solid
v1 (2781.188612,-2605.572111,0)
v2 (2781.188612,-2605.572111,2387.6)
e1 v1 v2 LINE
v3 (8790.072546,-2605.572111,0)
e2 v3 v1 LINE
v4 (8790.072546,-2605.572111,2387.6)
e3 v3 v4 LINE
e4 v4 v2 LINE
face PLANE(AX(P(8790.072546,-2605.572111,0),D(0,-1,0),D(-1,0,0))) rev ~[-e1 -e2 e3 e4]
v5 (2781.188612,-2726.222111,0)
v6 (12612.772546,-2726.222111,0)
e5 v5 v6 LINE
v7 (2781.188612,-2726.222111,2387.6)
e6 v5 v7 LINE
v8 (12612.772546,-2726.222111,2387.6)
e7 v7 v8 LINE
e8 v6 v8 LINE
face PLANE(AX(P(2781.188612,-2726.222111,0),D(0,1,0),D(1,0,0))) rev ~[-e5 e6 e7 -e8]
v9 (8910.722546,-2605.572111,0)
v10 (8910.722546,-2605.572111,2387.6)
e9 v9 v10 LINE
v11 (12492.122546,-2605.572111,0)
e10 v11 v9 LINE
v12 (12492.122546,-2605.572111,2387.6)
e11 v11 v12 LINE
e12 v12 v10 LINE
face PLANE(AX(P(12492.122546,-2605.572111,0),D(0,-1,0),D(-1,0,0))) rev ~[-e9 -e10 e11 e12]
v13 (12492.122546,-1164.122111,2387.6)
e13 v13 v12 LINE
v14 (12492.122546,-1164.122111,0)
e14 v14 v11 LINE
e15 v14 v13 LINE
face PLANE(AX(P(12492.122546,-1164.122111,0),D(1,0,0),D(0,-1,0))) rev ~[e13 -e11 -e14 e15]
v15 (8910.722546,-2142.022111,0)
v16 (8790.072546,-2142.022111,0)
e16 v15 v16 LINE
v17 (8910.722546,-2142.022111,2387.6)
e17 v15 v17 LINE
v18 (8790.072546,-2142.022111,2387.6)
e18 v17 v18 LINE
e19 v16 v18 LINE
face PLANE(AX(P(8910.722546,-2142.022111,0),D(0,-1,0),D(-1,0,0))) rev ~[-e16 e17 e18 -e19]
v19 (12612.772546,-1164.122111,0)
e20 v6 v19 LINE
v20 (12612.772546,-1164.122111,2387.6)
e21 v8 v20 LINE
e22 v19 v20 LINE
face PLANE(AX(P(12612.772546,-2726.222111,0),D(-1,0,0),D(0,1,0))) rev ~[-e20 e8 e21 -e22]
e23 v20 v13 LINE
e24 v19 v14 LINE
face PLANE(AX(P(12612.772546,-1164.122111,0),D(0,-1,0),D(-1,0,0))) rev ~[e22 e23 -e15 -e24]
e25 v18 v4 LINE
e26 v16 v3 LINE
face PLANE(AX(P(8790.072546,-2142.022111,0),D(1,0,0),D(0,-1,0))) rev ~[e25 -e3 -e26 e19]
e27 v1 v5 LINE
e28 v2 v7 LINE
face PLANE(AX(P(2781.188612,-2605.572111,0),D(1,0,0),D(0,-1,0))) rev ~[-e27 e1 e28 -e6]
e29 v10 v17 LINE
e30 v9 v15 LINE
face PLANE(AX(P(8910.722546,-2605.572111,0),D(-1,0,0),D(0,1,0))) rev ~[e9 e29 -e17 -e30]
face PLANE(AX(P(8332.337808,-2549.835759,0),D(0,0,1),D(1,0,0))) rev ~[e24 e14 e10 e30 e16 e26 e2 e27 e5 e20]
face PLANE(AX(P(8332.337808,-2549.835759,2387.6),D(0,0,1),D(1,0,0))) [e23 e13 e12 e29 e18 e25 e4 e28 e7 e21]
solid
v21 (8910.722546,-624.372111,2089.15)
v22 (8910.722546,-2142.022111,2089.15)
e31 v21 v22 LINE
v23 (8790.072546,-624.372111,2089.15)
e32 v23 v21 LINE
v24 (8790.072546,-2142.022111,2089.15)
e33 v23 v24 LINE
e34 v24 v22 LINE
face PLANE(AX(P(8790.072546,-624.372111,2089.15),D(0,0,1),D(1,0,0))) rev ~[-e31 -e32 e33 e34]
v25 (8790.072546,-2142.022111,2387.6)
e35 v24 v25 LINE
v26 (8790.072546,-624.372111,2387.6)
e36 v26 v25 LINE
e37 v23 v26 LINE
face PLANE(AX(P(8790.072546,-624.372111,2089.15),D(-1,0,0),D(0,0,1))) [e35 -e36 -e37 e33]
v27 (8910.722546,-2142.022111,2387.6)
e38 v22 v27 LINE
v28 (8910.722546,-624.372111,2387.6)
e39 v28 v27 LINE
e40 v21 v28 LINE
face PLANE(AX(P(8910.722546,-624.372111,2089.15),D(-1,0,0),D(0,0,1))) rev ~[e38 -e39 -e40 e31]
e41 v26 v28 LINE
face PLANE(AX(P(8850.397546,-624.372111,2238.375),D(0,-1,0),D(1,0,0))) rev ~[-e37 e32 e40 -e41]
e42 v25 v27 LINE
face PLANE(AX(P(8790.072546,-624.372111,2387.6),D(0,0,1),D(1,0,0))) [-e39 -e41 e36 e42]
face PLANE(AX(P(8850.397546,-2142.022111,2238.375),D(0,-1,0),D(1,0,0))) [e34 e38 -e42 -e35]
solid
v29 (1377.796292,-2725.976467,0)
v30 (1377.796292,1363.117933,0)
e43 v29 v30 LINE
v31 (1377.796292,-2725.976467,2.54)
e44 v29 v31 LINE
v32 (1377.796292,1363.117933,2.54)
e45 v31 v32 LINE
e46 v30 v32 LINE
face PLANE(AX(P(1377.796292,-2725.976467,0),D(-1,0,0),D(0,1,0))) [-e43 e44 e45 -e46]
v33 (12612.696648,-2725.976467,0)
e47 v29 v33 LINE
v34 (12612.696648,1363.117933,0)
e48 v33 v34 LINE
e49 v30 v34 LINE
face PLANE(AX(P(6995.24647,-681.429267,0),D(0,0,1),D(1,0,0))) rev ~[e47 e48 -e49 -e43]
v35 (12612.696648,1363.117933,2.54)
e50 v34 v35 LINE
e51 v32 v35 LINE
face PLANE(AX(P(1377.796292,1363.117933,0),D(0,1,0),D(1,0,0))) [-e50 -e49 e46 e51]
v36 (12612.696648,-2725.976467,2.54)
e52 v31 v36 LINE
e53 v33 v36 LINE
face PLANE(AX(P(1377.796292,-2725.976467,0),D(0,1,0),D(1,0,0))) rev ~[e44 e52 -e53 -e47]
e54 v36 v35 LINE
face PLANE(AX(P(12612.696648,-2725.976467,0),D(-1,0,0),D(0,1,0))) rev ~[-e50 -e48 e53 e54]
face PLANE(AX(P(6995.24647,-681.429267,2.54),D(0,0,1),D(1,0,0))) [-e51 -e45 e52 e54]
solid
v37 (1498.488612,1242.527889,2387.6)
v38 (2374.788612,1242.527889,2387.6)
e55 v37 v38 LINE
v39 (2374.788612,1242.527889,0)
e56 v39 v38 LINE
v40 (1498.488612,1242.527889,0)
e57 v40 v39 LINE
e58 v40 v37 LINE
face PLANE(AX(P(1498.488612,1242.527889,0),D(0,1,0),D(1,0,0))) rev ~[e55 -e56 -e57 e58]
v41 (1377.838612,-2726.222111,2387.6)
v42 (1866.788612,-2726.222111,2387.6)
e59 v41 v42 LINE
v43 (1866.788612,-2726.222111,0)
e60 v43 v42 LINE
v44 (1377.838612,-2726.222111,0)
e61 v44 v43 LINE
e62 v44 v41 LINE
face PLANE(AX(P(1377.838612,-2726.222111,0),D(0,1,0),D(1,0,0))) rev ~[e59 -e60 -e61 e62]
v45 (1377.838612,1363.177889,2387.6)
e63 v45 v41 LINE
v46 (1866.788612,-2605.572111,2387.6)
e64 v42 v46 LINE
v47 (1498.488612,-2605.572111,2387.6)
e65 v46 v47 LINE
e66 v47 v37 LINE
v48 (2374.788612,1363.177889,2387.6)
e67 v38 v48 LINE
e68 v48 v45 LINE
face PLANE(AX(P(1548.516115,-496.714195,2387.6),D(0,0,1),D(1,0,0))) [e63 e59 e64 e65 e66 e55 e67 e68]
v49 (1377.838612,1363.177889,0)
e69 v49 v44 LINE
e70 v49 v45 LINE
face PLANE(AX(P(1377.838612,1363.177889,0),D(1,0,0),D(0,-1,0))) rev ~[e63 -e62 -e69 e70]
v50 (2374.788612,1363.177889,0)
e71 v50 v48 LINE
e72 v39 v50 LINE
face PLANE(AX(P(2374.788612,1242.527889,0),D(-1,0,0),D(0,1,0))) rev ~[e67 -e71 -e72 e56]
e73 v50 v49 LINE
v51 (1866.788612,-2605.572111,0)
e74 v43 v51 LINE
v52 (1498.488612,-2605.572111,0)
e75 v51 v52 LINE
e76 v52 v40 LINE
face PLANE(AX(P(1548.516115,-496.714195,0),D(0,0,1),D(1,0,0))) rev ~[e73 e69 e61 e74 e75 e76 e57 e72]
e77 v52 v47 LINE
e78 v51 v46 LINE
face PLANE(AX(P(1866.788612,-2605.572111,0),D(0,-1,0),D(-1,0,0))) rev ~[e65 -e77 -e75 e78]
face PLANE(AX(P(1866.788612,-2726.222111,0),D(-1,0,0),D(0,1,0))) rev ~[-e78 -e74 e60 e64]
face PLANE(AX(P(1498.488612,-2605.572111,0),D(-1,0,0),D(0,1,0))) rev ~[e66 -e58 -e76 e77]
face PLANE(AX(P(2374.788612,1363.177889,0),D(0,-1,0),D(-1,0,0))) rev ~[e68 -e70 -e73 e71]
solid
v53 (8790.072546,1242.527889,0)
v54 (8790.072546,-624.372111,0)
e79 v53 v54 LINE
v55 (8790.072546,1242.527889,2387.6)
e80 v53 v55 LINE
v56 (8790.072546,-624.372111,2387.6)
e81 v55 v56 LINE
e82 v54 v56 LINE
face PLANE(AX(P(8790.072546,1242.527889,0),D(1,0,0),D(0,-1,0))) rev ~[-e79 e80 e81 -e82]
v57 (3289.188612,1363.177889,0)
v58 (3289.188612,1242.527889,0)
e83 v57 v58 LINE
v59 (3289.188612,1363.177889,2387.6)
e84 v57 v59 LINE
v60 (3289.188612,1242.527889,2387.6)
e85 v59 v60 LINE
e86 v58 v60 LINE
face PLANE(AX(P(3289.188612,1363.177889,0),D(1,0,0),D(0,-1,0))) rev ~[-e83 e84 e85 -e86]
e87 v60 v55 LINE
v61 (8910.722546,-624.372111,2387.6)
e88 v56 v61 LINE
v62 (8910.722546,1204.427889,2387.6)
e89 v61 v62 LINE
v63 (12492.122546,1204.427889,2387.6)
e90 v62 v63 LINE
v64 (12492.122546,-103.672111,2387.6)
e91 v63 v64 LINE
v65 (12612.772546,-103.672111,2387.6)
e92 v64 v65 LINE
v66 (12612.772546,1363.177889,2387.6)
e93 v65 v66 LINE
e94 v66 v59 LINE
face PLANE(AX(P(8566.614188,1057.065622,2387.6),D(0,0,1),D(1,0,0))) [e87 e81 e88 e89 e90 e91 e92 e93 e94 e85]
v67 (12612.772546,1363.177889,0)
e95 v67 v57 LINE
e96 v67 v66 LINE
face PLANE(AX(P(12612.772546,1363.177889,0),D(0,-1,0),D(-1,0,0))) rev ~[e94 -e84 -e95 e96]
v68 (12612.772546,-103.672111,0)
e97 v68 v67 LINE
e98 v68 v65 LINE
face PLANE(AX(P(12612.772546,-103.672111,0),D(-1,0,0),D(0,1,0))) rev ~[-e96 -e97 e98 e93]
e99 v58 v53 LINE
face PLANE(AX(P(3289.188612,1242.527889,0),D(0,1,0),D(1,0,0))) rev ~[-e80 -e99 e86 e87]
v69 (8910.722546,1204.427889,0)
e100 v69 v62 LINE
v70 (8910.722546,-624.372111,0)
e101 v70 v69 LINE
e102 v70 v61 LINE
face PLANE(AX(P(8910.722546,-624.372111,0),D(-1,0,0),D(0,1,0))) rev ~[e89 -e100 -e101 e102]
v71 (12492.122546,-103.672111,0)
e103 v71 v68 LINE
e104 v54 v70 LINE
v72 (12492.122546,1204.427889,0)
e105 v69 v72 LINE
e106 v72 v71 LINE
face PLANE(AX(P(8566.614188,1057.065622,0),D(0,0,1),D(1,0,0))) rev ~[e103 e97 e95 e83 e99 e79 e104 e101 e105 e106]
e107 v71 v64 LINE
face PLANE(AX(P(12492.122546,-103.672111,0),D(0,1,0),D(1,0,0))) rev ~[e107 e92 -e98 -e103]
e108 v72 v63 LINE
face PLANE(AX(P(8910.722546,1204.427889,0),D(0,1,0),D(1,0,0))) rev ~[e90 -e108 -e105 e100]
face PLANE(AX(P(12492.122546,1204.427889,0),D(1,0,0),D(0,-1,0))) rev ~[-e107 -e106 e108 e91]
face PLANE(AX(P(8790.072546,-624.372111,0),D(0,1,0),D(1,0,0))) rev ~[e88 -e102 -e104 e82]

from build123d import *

# Parameters (mm, degrees)
F1_DEPTH = 2387.6
F2_W     = 11234.900356
F2_H     = 4089.0944
F3_DEPTH = 2.54
F4_W     = 120.65
F4_H     = 298.45
F5_DEPTH = 1517.65


with BuildPart() as f1:
    # F0 (on Top) → F1 (new body)
    with BuildSketch(Plane.XY):
        Polygon((1498.488612, -2605.572111), (1498.488612, 1242.527889), (2374.788612, 1242.527889), (2374.788612, 1363.177889), (1377.838612, 1363.177889), (1377.838612, -2726.222111), (1866.788612, -2726.222111), (1866.788612, -2605.572111), align=None)
        Polygon((12492.122546, -1164.122111), (12492.122546, -2605.572111), (8910.722546, -2605.572111), (8910.722546, -2142.022111), (8790.072546, -2142.022111), (8790.072546, -2605.572111), (2781.188612, -2605.572111), (2781.188612, -2726.222111), (12612.772546, -2726.222111), (12612.772546, -1164.122111), align=None)
        Polygon((3289.188612, 1242.527889), (8790.072546, 1242.527889), (8790.072546, -624.372111), (8910.722546, -624.372111), (8910.722546, 1204.427889), (12492.122546, 1204.427889), (12492.122546, -103.672111), (12612.772546, -103.672111), (12612.772546, 1363.177889), (3289.188612, 1363.177889), align=None)
    extrude(amount=F1_DEPTH)


with BuildPart() as f3:
    # F2 (on Top) → F3 (new body)
    with BuildSketch(Plane.XY):
        with Locations((6995.24647, -681.429267)):
            Rectangle(F2_W, F2_H)
    extrude(amount=F3_DEPTH)


with BuildPart() as f5:
    # F4 (on face) → F5 (new body, through all)
    with BuildSketch(Plane.XZ.offset(624.372111)):
        with Locations((8850.397546, 2238.375)):
            Rectangle(F4_W, F4_H)
    extrude(amount=F5_DEPTH)


solid = Compound([f1.part, f3.part, f5.part])
